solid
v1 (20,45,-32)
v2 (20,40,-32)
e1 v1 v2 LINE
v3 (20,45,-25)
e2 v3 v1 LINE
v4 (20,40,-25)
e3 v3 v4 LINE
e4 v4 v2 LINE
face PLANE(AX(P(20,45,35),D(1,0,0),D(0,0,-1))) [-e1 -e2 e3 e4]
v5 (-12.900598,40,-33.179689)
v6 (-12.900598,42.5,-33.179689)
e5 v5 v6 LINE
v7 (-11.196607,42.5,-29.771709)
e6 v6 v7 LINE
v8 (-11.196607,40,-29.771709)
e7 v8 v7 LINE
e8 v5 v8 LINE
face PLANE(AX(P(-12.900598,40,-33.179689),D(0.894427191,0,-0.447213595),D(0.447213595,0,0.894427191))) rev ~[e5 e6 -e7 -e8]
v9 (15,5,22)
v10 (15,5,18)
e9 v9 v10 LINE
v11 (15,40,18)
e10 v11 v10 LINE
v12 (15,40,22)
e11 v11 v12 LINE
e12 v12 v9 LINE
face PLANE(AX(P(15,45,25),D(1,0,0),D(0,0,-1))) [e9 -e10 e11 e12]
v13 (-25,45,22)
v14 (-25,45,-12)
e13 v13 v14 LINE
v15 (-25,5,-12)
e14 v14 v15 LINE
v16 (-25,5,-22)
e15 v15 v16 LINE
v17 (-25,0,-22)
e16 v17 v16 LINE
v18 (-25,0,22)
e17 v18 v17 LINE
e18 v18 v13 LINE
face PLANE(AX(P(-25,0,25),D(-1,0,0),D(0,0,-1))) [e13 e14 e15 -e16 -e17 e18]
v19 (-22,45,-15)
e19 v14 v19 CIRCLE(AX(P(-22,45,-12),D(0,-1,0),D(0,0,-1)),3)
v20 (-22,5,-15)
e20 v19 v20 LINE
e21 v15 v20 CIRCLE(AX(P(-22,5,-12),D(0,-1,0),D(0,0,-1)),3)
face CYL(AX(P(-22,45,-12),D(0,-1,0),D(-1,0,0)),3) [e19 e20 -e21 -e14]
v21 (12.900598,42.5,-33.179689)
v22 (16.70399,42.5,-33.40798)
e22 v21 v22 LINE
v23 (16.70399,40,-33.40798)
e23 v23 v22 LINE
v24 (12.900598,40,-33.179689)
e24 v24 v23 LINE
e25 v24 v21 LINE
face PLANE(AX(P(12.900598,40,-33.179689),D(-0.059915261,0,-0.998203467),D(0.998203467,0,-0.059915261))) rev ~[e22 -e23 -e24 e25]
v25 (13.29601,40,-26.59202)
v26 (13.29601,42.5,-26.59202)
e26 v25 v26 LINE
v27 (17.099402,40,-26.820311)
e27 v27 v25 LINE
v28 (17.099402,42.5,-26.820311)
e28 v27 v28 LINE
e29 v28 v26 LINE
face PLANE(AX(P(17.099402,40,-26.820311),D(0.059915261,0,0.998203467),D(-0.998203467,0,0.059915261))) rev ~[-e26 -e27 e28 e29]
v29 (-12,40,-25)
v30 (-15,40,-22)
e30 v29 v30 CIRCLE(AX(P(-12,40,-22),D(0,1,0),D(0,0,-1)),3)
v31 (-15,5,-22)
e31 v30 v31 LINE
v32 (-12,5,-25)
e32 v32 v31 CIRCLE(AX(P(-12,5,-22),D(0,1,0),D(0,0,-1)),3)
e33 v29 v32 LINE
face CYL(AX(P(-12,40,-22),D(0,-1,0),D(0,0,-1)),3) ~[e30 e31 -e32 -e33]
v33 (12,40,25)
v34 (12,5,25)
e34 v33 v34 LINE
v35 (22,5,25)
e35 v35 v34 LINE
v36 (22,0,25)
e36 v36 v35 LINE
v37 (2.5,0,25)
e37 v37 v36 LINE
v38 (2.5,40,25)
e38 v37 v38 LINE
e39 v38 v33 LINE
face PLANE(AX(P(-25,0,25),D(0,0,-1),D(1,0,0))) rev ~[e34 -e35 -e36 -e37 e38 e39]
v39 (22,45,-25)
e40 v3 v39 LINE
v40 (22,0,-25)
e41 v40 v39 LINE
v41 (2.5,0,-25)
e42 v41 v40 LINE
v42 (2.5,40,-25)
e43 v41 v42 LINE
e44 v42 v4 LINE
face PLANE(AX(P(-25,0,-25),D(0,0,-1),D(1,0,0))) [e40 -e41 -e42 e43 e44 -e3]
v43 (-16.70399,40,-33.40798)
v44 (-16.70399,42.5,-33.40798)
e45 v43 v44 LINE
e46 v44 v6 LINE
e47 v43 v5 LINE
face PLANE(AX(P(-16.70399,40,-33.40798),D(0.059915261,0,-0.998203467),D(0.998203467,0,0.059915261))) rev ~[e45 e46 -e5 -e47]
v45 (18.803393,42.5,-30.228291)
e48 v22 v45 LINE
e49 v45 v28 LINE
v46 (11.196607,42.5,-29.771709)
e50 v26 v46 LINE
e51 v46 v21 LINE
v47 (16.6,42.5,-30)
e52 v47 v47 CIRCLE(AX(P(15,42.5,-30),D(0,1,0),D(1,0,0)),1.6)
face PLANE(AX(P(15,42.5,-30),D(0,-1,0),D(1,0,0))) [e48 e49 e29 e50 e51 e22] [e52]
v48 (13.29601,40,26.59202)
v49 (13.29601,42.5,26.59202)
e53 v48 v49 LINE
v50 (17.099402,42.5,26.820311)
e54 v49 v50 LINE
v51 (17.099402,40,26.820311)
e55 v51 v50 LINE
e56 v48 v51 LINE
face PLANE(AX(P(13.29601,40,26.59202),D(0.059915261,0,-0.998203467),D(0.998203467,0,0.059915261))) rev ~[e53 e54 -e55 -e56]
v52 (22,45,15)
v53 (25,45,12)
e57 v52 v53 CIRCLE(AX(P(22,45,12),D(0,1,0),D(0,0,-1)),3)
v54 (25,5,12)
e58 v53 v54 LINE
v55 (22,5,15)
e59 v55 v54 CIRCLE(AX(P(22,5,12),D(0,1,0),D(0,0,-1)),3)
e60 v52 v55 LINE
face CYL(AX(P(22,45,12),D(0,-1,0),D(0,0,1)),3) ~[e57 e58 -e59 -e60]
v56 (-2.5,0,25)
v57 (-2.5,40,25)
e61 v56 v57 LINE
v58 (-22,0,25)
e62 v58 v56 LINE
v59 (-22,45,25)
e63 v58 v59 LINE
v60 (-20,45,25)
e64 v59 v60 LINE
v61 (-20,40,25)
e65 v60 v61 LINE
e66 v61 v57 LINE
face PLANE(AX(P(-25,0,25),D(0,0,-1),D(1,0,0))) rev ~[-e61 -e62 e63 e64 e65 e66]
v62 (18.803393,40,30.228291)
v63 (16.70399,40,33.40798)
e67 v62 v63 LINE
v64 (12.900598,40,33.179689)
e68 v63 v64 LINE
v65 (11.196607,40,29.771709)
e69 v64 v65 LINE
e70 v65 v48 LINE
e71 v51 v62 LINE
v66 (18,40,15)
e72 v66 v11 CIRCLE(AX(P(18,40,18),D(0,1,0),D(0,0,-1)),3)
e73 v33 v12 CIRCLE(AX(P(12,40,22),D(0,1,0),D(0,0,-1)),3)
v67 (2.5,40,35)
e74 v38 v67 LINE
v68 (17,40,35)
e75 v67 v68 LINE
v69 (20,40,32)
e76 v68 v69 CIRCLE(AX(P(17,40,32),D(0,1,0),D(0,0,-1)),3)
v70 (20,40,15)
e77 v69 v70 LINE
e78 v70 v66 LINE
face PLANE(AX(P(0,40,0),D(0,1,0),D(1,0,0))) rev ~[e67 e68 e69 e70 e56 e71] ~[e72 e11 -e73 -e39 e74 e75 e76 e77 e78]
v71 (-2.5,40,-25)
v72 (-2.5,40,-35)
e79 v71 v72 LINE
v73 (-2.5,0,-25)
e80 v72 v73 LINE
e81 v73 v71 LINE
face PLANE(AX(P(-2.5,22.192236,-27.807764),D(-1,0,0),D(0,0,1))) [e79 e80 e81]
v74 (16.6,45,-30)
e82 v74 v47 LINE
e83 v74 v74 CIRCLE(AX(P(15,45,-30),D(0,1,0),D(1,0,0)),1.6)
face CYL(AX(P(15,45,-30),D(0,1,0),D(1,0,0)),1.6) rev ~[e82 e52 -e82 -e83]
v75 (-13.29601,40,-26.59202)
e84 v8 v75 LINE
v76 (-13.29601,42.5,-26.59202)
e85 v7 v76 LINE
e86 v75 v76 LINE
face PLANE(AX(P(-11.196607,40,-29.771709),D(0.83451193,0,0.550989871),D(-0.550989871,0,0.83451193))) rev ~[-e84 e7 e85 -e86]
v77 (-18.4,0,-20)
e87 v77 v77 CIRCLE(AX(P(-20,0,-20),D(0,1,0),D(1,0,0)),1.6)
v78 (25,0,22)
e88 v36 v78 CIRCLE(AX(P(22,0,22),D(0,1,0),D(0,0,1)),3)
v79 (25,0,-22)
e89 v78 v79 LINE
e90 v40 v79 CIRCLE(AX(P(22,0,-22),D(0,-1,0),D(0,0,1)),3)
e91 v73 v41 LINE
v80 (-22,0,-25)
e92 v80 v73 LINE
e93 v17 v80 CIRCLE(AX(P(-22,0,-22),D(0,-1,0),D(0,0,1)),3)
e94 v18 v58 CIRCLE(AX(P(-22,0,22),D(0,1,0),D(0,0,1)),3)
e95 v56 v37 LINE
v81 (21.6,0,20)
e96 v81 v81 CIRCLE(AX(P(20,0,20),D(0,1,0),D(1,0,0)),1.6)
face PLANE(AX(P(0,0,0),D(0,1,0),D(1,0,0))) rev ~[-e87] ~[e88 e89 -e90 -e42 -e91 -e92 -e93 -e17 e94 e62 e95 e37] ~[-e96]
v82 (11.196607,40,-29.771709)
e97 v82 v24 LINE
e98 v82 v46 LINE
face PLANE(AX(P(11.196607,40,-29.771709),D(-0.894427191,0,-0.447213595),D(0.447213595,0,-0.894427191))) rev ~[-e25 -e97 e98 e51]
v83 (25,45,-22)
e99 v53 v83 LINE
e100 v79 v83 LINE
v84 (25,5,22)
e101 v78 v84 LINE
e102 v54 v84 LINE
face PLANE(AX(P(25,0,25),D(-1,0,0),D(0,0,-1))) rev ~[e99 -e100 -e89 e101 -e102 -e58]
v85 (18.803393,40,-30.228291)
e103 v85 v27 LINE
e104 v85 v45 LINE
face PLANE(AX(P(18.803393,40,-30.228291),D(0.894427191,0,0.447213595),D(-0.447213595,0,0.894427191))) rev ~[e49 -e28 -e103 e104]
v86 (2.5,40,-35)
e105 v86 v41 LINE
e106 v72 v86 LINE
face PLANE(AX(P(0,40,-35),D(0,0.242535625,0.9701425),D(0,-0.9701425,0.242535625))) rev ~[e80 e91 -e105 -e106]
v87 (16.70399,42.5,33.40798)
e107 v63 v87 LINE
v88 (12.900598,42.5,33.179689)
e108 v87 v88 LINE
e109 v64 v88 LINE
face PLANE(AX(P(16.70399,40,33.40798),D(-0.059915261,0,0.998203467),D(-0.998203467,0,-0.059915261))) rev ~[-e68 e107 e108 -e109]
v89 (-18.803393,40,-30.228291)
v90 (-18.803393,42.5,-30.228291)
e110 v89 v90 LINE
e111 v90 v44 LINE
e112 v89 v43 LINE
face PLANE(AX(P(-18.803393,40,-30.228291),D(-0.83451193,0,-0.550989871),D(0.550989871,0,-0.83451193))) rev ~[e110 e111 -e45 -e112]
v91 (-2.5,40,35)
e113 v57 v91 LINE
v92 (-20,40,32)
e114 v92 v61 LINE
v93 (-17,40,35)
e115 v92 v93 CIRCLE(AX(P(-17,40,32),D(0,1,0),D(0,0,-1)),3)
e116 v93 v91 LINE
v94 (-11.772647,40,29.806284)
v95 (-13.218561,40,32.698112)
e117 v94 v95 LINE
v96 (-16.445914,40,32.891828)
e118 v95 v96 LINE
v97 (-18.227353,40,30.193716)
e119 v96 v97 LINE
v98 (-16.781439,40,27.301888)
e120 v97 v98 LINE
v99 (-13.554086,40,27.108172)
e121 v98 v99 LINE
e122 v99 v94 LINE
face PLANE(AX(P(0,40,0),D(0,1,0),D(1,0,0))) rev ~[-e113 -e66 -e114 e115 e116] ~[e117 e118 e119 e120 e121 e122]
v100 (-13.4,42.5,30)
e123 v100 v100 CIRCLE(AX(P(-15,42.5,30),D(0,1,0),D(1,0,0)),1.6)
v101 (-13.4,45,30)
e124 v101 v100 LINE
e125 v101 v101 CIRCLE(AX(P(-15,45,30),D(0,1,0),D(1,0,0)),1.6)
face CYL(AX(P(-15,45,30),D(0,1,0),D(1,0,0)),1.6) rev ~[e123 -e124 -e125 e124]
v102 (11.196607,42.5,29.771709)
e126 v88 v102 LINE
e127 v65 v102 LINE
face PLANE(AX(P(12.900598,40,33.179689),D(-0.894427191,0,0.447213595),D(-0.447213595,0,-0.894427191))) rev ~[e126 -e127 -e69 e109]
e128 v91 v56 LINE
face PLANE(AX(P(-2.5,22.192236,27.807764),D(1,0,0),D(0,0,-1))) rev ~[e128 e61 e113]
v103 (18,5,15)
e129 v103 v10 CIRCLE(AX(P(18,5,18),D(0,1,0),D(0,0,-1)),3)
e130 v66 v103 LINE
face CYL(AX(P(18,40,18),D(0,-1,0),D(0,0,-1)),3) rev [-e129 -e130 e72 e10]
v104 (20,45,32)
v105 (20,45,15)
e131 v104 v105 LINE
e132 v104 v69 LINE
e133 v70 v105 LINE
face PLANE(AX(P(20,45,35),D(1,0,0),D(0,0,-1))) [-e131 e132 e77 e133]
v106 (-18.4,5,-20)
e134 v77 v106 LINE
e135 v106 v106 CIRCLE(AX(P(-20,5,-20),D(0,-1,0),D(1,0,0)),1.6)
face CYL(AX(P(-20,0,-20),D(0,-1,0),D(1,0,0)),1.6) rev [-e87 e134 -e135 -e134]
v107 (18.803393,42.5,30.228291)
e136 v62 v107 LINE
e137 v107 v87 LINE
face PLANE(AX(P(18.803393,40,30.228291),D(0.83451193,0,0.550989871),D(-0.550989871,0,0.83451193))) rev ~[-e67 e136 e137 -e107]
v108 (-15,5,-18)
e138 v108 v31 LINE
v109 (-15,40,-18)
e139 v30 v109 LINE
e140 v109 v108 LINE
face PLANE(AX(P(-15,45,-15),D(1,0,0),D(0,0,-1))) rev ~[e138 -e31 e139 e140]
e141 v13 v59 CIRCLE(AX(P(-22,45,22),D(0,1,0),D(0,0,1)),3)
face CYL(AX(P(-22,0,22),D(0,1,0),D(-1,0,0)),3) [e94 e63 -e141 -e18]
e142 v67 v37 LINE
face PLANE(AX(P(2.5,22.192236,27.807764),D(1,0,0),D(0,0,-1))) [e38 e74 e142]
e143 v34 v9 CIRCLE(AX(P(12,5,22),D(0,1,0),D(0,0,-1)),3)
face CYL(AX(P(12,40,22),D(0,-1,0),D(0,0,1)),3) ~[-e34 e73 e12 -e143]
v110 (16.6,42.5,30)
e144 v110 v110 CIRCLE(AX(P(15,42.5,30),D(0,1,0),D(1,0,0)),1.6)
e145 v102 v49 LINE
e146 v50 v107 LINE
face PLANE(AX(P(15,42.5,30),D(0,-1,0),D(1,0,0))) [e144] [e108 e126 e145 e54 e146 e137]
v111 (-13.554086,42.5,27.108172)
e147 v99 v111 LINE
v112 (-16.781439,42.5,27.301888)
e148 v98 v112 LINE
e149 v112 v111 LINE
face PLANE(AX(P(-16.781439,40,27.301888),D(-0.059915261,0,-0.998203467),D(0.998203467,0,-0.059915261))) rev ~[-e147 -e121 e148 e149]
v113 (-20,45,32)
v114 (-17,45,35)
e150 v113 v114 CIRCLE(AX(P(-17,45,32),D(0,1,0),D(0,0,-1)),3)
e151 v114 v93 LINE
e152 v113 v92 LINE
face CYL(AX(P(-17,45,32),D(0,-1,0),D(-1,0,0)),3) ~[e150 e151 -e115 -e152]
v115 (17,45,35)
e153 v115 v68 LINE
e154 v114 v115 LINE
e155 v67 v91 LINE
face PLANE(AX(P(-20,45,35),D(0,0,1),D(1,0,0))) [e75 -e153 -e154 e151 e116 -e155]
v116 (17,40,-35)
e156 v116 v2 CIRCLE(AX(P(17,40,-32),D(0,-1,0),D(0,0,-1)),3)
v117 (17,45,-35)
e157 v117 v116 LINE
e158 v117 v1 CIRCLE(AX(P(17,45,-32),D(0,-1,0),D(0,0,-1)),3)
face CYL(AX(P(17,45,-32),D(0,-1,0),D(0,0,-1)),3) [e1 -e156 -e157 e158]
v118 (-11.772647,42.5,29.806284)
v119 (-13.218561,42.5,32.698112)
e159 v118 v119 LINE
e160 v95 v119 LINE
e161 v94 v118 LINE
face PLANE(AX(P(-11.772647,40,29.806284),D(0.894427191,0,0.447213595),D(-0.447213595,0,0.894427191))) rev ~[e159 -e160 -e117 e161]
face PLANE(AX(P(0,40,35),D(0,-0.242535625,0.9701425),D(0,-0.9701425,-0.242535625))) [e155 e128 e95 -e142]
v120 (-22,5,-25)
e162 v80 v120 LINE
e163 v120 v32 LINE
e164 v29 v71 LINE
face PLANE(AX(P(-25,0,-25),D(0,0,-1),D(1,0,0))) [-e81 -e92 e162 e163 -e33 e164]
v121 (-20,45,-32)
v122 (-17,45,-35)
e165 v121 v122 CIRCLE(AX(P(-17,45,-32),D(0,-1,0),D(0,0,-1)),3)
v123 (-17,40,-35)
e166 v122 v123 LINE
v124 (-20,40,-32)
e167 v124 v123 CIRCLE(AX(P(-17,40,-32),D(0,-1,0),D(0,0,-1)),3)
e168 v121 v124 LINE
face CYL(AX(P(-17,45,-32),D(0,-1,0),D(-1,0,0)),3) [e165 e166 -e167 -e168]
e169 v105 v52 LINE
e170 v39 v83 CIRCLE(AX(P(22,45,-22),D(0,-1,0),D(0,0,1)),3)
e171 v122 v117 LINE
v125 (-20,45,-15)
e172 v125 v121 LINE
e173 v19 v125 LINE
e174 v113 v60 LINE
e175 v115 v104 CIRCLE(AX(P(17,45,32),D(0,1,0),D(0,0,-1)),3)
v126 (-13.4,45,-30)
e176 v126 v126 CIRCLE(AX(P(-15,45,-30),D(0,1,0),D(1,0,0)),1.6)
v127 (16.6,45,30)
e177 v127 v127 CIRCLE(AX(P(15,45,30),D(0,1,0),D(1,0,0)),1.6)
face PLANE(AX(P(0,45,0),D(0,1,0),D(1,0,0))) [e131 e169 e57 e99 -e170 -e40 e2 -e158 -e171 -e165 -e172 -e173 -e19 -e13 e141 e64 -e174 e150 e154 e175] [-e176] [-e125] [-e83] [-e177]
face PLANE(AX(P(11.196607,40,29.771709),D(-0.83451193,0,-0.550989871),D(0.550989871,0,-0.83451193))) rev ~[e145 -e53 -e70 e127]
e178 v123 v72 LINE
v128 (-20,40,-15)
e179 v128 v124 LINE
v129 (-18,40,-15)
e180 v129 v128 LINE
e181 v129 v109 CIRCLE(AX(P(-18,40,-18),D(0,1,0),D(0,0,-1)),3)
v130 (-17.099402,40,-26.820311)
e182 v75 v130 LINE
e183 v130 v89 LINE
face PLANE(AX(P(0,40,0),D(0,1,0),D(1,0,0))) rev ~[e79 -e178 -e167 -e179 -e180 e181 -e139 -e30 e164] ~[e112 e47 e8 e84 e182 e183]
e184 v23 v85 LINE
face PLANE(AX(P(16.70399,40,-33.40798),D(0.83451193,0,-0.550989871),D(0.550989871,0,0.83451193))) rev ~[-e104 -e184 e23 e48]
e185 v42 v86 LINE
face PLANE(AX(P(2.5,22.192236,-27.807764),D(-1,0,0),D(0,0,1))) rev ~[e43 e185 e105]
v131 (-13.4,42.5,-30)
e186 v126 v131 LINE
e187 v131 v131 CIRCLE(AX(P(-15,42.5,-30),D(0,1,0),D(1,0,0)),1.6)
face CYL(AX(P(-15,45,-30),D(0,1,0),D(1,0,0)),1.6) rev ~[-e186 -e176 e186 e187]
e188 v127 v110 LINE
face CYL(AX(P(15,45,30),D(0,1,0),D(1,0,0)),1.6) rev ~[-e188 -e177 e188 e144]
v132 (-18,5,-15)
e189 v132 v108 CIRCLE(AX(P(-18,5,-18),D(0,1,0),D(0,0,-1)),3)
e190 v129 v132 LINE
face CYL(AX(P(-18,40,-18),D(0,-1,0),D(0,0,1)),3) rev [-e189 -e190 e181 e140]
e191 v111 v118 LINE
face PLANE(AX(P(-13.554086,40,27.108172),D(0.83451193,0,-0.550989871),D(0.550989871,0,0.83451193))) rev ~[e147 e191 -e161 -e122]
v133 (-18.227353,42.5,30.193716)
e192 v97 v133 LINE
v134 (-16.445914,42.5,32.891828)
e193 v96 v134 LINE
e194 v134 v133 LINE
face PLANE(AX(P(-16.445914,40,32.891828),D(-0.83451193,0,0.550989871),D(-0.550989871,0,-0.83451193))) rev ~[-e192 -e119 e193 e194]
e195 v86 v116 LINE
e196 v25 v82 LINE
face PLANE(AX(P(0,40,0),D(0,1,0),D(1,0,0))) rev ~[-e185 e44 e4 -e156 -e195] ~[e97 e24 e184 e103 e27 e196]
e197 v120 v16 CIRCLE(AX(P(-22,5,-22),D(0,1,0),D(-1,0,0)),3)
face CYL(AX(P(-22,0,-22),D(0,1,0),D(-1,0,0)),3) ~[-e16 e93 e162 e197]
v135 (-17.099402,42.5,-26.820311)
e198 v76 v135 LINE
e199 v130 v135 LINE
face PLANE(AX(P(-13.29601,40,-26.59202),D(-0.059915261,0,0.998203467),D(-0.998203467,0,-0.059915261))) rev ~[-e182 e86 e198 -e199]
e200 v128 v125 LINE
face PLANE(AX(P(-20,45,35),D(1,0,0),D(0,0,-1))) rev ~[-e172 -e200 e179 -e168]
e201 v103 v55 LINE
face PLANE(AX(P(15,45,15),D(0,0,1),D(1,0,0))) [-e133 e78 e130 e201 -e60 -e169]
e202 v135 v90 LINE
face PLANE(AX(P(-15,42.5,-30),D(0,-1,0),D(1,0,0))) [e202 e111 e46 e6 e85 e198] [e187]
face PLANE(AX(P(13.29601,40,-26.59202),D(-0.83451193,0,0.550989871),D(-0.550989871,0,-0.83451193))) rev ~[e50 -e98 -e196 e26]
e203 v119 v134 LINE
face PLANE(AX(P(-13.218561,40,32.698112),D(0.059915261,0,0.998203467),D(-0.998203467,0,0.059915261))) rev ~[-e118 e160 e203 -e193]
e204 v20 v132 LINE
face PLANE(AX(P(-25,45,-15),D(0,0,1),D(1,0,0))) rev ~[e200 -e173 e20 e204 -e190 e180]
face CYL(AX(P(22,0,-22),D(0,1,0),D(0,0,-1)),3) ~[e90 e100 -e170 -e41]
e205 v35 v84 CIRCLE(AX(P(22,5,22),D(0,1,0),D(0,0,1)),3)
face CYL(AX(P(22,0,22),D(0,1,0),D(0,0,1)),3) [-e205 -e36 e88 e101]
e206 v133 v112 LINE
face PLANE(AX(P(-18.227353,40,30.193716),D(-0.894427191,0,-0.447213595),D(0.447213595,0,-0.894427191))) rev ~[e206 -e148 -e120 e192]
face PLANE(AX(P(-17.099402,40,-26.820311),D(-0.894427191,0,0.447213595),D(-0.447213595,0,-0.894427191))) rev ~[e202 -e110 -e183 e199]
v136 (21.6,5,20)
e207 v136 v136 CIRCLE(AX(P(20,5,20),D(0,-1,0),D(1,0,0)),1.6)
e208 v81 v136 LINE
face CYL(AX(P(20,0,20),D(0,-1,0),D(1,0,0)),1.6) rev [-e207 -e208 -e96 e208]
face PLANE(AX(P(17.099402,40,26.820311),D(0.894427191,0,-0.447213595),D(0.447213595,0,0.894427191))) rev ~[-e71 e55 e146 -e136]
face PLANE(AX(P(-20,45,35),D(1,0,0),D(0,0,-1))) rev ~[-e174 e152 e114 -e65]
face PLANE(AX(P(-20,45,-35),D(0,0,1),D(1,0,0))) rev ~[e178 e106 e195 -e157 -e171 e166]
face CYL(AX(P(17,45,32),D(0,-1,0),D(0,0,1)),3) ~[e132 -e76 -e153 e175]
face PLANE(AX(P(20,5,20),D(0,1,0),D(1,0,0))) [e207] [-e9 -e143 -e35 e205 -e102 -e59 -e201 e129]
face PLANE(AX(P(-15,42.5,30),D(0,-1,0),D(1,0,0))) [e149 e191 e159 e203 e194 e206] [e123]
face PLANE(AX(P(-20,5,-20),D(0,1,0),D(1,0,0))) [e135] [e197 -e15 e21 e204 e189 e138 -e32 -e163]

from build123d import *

# Parameters (mm, degrees)
ESQUISSE1_W             = 50
ESQUISSE1_H             = 50
ESQUISSE1_R             = 1.6
BOSS_EXTRU_1_DEPTH      = 45
CONG_1_R                = 3
ESQUISSE2_W             = 10
ESQUISSE2_H             = 10
ENL_V_MAT_EXTRU_1_DEPTH = 40
ESQUISSE4_W             = 40
ESQUISSE4_H             = 70
ESQUISSE4_R             = 1.6
BOSS_EXTRU_2_DEPTH      = 5
CONG_3_R                = 3
CONG_4_R                = 3
ENL_V_MAT_EXTRU_3_DEPTH = 2.5
BOSS_EXTRU_3_DEPTH      = 2.5
BOSS_EXTRU_3_DEPTH_BACK = 2.5


with BuildPart() as part:
    # Esquisse1 → Boss.-Extru.1 (new body)
    with BuildSketch(Plane(origin=(0, 0, 0), x_dir=(1, 0, 0), z_dir=(0, 1, 0))):
        Rectangle(ESQUISSE1_W, ESQUISSE1_H)
        with Locations((-20, 20)):
            Circle(ESQUISSE1_R, mode=Mode.SUBTRACT)
        with Locations((20, -20)):
            Circle(ESQUISSE1_R, mode=Mode.SUBTRACT)
    extrude(amount=BOSS_EXTRU_1_DEPTH)

    # Congé1
    cong_1_edges = [part.edges().sort_by_distance(p)[0] for p in [
        (25, 22.5, 25),
        (-25, 22.5, 25),
        (-25, 22.5, -25),
        (25, 22.5, -25),
    ]]
    fillet(cong_1_edges, radius=CONG_1_R)

    # Esquisse2 → Enlèv. mat.-Extru.1 (cut)
    with BuildSketch(Plane(origin=(0, 45, 0), x_dir=(1, 0, 0), z_dir=(0, 1, 0))):
        with Locations((-20, 20)):
            Rectangle(ESQUISSE2_W, ESQUISSE2_H)
        with Locations((20, -20)):
            Rectangle(ESQUISSE2_W, ESQUISSE2_H)
    extrude(amount=-ENL_V_MAT_EXTRU_1_DEPTH, mode=Mode.SUBTRACT)

    # Esquisse4 → Boss.-Extru.2 (add)
    with BuildSketch(Plane(origin=(0, 45, 0), x_dir=(1, 0, 0), z_dir=(0, 1, 0))):
        Rectangle(ESQUISSE4_W, ESQUISSE4_H)
        with Locations((-15, 30)):
            Circle(ESQUISSE4_R, mode=Mode.SUBTRACT)
        with Locations((15, 30)):
            Circle(ESQUISSE4_R, mode=Mode.SUBTRACT)
        with Locations((15, -30)):
            Circle(ESQUISSE4_R, mode=Mode.SUBTRACT)
        with Locations((-15, -30)):
            Circle(ESQUISSE4_R, mode=Mode.SUBTRACT)
    extrude(amount=-BOSS_EXTRU_2_DEPTH)

    # Congé3
    cong_3_edges = [part.edges().sort_by_distance(p)[0] for p in [
        (-20, 42.5, -35),
        (20, 42.5, 35),
        (20, 42.5, -35),
        (-20, 42.5, 35),
    ]]
    fillet(cong_3_edges, radius=CONG_3_R)

    # Congé4
    cong_4_edges = [part.edges().sort_by_distance(p)[0] for p in [
        (-25, 25, -15),
        (-15, 22.5, -25),
        (-15, 22.5, -15),
        (25, 25, 15),
        (15, 22.5, 25),
        (15, 22.5, 15),
    ]]
    fillet(cong_4_edges, radius=CONG_4_R)

    # Esquisse5 → Enlèv. mat.-Extru.3 (cut)
    with BuildSketch(Plane.XZ.offset(-40)):
        Polygon((-13.554086217, 27.108172435), (-11.772646974, 29.806284285), (-13.218560756, 32.69811185), (-16.445913783, 32.891827565), (-18.227353026, 30.193715715), (-16.781439244, 27.30188815), align=None)
        Polygon((13.296009851, 26.592019703), (17.099402439, 26.820311095), (18.803392587, 30.228291392), (16.703990149, 33.407980297), (12.900597561, 33.179688905), (11.196607413, 29.771708608), align=None)
        Polygon((13.296009851, -26.592019703), (11.196607413, -29.771708608), (12.900597561, -33.179688905), (16.703990149, -33.407980297), (18.803392587, -30.228291392), (17.099402439, -26.820311095), align=None)
        Polygon((-13.296009851, -26.592019703), (-17.099402439, -26.820311095), (-18.803392587, -30.228291392), (-16.703990149, -33.407980297), (-12.900597561, -33.179688905), (-11.196607413, -29.771708608), align=None)
    extrude(amount=-ENL_V_MAT_EXTRU_3_DEPTH, mode=Mode.SUBTRACT)

    # Esquisse6 → Boss.-Extru.3 (add, two sides)
    with BuildSketch(Plane(origin=(0, 0, 0), x_dir=(0, 0, -1), z_dir=(1, 0, 0))) as boss_extru_3_sk:
        Polygon((-35, 40), (-25, 0), (-25, 40), align=None)
        Polygon((35, 40), (25, 0), (25, 40), align=None)
    extrude(amount=BOSS_EXTRU_3_DEPTH)
    extrude(boss_extru_3_sk.sketch, amount=-BOSS_EXTRU_3_DEPTH_BACK)


solid = part.part
